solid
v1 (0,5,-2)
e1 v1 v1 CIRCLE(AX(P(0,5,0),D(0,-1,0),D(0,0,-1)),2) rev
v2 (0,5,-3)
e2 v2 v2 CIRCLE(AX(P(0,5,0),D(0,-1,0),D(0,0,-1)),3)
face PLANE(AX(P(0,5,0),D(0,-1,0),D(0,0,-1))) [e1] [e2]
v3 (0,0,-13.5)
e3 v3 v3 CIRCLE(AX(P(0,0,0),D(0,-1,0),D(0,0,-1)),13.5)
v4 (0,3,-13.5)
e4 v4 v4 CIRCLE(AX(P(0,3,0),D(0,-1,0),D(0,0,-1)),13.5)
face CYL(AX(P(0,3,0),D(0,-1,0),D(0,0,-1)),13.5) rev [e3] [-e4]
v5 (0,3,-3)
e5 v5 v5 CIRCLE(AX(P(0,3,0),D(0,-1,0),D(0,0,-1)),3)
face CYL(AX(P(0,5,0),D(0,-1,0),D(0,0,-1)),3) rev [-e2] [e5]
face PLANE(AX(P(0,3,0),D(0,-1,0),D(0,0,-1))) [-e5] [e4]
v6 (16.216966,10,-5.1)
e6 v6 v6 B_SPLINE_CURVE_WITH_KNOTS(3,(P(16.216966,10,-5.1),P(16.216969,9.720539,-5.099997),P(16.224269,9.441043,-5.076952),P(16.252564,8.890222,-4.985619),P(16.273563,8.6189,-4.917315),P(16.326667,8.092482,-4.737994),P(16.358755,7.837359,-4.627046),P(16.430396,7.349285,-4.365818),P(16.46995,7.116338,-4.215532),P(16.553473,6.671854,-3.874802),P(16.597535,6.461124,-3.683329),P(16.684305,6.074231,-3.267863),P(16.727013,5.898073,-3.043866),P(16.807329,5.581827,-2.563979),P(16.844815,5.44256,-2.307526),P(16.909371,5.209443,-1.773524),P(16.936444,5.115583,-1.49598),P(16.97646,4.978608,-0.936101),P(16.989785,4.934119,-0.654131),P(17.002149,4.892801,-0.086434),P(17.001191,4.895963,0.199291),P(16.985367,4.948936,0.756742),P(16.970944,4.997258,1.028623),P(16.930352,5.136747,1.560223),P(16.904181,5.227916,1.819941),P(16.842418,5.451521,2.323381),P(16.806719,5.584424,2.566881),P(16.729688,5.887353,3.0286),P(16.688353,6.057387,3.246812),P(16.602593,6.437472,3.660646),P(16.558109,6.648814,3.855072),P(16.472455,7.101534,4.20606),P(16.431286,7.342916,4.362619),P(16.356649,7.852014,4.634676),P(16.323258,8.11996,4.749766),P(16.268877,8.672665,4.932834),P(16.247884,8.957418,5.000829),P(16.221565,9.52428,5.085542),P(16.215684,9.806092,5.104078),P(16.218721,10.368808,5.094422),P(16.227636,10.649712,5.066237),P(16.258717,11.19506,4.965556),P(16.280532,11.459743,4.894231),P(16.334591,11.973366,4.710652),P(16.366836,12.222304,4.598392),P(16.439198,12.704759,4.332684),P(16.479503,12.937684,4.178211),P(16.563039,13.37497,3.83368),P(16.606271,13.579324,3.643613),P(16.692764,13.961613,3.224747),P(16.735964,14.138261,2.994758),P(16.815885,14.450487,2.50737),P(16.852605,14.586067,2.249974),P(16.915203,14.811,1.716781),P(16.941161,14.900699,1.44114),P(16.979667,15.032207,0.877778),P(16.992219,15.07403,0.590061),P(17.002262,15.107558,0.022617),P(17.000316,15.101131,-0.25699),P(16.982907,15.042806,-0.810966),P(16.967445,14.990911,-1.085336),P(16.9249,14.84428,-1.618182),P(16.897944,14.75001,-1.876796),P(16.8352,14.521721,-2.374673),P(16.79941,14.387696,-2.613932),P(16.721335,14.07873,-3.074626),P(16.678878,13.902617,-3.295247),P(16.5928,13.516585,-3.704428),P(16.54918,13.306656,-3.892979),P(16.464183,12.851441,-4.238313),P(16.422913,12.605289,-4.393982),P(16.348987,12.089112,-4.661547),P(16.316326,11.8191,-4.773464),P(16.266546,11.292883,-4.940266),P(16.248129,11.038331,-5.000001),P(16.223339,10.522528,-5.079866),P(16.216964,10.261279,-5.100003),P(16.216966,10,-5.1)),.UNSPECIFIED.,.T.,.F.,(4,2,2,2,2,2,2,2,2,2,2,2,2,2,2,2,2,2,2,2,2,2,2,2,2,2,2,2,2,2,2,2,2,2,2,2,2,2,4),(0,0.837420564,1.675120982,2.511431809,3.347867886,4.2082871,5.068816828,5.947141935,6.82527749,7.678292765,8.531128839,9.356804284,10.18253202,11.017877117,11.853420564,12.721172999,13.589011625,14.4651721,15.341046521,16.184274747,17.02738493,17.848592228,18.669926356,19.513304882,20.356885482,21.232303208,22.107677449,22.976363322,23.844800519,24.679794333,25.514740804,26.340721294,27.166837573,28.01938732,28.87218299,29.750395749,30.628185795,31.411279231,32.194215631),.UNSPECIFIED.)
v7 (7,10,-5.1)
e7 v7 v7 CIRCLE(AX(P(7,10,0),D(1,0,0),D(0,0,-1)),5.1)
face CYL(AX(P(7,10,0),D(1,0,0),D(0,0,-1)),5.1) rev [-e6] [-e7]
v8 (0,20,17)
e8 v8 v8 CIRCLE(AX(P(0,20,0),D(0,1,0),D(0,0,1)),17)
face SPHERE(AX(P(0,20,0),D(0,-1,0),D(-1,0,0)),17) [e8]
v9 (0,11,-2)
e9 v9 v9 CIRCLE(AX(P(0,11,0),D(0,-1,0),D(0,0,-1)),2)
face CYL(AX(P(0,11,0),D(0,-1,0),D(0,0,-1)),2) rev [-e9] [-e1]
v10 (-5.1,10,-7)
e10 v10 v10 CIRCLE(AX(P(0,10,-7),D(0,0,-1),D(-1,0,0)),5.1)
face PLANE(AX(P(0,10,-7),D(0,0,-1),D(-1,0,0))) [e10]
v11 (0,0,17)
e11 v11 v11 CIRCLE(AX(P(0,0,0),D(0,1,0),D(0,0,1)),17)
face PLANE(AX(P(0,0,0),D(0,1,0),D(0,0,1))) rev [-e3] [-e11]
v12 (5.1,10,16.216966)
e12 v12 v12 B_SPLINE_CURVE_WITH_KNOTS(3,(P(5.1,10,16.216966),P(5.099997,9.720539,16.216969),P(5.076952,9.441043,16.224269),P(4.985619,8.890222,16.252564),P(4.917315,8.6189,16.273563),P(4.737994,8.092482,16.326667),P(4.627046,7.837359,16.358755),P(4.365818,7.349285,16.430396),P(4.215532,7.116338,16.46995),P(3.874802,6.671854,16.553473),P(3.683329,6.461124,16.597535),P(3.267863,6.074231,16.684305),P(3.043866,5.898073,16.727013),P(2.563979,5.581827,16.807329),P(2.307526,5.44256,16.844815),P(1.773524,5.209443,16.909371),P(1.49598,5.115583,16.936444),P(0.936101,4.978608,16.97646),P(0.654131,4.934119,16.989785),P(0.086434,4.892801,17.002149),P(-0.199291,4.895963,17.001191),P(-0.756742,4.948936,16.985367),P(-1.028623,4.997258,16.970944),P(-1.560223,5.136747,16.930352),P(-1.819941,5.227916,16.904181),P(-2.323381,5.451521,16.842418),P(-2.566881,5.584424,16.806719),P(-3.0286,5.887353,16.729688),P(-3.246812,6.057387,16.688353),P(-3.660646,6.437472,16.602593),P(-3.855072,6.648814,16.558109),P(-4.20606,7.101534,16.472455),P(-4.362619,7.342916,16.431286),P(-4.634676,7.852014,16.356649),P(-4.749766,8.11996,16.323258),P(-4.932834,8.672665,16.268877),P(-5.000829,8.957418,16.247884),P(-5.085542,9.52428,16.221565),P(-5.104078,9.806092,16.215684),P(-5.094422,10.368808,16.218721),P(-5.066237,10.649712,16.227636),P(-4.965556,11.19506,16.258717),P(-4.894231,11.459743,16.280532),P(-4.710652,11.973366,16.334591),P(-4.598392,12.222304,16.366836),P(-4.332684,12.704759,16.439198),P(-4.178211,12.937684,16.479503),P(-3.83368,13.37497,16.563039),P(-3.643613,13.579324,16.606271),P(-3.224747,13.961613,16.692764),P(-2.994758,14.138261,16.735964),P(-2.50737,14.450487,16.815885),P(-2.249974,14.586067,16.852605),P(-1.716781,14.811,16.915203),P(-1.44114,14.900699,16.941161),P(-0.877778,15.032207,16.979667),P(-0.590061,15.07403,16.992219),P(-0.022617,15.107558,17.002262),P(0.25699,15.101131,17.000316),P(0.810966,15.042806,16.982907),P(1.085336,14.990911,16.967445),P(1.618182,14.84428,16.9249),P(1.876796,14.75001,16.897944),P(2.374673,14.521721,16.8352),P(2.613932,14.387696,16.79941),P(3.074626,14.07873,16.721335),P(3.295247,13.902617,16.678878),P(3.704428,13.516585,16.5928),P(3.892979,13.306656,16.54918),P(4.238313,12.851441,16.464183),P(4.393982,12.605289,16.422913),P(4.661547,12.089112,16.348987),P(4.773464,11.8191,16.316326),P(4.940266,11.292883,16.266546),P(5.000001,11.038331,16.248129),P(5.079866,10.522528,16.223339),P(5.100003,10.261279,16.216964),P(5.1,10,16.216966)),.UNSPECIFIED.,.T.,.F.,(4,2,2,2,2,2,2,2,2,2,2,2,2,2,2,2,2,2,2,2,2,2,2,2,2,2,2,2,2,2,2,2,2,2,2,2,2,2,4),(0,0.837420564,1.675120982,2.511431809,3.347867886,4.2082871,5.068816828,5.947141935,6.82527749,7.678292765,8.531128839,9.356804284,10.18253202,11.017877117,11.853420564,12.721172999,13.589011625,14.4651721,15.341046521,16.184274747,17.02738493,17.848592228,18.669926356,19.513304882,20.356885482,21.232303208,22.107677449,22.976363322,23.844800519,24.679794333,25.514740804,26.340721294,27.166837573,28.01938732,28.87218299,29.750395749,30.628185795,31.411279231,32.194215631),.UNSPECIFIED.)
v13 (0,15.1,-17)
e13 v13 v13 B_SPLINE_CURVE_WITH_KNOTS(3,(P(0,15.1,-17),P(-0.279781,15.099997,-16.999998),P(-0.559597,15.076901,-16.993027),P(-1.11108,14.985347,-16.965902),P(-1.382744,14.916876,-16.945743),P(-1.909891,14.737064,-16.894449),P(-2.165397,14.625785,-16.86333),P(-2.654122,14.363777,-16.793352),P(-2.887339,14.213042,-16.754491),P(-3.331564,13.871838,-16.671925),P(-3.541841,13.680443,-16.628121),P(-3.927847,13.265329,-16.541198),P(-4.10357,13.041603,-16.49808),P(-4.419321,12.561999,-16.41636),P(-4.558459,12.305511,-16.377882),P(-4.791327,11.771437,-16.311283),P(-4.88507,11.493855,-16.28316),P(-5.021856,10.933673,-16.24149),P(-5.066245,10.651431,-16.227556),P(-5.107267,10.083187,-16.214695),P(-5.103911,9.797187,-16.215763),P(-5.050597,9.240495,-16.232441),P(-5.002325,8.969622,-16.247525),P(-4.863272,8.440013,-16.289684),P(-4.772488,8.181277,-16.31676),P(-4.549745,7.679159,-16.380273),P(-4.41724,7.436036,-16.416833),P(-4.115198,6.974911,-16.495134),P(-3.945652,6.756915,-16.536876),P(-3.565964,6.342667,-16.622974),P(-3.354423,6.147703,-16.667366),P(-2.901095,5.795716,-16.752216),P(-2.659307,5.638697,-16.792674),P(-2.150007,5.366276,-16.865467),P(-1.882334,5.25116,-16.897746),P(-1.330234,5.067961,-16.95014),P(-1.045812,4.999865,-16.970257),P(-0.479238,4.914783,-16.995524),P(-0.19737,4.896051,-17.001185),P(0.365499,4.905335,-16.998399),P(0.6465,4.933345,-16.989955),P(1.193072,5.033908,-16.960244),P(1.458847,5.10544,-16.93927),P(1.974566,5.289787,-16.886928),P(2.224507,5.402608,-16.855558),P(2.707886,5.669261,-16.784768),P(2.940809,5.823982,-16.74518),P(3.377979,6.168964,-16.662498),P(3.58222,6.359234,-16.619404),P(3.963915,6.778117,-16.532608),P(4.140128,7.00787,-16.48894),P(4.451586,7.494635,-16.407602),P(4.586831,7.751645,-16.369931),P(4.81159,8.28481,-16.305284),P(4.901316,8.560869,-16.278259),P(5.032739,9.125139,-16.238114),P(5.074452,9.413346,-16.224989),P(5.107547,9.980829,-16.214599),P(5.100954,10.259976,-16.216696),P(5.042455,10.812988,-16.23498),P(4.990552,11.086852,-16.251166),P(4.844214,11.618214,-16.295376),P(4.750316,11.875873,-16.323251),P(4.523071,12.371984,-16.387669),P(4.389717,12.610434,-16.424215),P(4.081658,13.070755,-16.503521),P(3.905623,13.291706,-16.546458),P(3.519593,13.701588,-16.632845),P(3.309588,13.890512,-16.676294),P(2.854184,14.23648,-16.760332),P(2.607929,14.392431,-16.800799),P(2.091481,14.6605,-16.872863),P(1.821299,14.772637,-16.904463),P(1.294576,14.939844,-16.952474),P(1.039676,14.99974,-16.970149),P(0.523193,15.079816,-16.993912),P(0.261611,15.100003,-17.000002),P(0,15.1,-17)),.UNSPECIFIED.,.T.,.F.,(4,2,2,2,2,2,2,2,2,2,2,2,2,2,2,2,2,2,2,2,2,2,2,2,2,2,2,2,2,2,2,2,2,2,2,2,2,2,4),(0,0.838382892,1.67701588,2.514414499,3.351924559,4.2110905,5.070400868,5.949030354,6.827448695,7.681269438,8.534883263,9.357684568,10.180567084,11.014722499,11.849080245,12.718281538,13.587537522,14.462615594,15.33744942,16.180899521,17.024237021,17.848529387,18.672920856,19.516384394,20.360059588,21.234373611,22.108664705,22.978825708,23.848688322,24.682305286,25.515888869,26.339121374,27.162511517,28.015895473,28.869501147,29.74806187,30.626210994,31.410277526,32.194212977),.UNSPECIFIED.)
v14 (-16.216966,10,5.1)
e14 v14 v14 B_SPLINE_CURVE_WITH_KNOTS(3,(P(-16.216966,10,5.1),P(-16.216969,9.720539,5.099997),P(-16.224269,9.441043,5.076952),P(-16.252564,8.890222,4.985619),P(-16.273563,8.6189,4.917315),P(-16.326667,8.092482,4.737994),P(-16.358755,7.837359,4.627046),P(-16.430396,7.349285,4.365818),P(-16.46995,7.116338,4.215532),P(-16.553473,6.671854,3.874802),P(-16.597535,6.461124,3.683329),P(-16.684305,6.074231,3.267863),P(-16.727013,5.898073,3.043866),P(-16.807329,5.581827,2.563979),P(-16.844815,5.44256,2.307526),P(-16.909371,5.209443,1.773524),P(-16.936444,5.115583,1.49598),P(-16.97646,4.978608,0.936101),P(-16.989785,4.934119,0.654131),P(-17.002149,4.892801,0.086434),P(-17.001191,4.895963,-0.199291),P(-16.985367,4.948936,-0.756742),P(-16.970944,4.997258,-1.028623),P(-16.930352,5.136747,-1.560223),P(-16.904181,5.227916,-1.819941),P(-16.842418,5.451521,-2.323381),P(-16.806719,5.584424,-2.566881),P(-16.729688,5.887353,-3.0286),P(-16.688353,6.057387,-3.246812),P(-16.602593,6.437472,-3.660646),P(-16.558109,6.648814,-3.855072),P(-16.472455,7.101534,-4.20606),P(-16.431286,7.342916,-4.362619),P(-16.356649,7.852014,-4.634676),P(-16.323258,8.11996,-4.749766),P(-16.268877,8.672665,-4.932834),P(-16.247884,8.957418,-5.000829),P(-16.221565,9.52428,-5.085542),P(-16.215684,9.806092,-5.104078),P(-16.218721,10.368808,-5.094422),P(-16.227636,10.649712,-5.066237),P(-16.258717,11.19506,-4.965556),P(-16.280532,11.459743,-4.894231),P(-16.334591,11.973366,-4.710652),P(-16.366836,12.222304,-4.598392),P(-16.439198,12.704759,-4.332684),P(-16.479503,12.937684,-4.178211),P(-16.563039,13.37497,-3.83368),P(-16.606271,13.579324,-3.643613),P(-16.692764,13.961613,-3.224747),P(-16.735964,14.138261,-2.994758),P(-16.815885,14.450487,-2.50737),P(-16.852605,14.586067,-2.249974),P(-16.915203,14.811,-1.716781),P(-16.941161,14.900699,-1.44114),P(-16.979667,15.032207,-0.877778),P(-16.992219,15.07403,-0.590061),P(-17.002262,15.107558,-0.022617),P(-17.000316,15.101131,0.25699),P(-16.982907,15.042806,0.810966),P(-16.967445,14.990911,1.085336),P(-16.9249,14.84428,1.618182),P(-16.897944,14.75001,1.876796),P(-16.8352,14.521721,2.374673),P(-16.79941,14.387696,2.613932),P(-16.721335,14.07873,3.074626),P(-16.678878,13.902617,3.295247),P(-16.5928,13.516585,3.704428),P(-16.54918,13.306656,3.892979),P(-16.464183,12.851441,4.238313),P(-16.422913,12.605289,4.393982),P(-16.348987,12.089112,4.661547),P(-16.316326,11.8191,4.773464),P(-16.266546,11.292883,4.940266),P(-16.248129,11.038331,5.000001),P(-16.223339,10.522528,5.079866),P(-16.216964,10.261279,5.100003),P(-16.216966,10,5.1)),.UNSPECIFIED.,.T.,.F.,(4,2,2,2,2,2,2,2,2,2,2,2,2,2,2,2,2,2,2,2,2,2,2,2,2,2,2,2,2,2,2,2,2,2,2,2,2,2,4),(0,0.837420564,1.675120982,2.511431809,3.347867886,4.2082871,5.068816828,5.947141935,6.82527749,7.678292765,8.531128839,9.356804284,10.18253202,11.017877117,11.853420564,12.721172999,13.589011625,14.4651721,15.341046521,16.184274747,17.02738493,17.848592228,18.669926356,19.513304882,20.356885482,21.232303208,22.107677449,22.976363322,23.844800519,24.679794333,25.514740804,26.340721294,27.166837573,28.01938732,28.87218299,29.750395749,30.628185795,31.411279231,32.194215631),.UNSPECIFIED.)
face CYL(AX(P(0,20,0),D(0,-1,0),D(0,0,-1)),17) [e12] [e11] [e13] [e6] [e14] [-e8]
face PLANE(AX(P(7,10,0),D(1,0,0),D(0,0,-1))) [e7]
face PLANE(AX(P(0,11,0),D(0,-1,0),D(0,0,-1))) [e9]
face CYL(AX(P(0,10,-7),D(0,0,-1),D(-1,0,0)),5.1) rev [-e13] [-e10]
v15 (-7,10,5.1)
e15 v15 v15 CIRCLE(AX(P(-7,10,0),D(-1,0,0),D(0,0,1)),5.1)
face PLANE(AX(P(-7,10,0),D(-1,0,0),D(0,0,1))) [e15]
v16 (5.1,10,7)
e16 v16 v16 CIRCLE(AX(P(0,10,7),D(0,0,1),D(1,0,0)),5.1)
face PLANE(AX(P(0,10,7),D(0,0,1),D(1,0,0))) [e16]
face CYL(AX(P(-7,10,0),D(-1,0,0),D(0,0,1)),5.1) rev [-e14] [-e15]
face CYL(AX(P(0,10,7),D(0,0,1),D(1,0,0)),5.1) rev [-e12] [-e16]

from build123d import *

# Parameters (mm, degrees)
CIRKEL_R                   = 17
CILINDER_DEPTH             = 20
CIRKEL_GAT_R               = 5.1
OPENING_DEPTH              = 10
GATEN_PATROON_COUNT        = 4
CIRKEL1_R                  = 13.5
OPENING_OPZET_DEPTH        = 3
CIRKEL2_R                  = 2
GAT_VERLOOPSTUK_DEPTH      = 8
CIRKEL3_R                  = 3
GAT_VERLOOPSTUK_RAND_DEPTH = 2


with BuildPart() as part:
    # cirkel → cilinder (new body)
    with BuildSketch(Plane(origin=(0, 0, 0), x_dir=(1, 0, 0), z_dir=(0, 1, 0))):
        with Locations(Location((0, 0, 0), (0, 0, 270))):
            Circle(CIRKEL_R)
    extrude(amount=CILINDER_DEPTH)

    # boog → bol (revolve)
    with BuildSketch(Plane.XY):
        with BuildLine():
            Line((0, 20), (0, 37))
            ThreePointArc((0, 37), (-12.02081528, 32.02081528), (-17, 20))
            Line((-17, 20), (0, 20))
        make_face()
    revolve(axis=Axis((0, 20, 0), (0, 1, 0)))

    # cirkel_gat → opening (cut)
    with BuildSketch(Plane.XY.offset(17)):
        with Locations((0, 10)):
            Circle(CIRKEL_GAT_R)
    opening = extrude(amount=-OPENING_DEPTH, mode=Mode.SUBTRACT)

    # gaten_patroon: opening ×4 about axis
    gaten_patroon_axis = Axis((0, 0, 0), (0, 1, 0))
    for i in range(1, GATEN_PATROON_COUNT):
        add(opening.rotate(gaten_patroon_axis, i * 360 / GATEN_PATROON_COUNT), mode=Mode.SUBTRACT)

    # cirkel1 → opening_opzet (cut)
    with BuildSketch(Plane(origin=(0, 0, 0), x_dir=(-1, 0, 0), z_dir=(0, -1, 0))):
        with Locations(Location((0, 0, 0), (0, 0, 90))):
            Circle(CIRKEL1_R)
    extrude(amount=-OPENING_OPZET_DEPTH, mode=Mode.SUBTRACT)

    # cirkel2 → gat_verloopstuk (cut)
    with BuildSketch(Plane(origin=(0, 3, 0), x_dir=(-1, 0, 0), z_dir=(0, -1, 0))):
        with Locations(Location((0, 0, 0), (0, 0, 90))):
            Circle(CIRKEL2_R)
    extrude(amount=-GAT_VERLOOPSTUK_DEPTH, mode=Mode.SUBTRACT)

    # cirkel3 → gat_verloopstuk_rand (cut)
    with BuildSketch(Plane.XZ.offset(-3)):
        with Locations(Location((0, 0, 0), (0, 0, 270))):
            Circle(CIRKEL3_R)
    extrude(amount=-GAT_VERLOOPSTUK_RAND_DEPTH, mode=Mode.SUBTRACT)


solid = part.part
